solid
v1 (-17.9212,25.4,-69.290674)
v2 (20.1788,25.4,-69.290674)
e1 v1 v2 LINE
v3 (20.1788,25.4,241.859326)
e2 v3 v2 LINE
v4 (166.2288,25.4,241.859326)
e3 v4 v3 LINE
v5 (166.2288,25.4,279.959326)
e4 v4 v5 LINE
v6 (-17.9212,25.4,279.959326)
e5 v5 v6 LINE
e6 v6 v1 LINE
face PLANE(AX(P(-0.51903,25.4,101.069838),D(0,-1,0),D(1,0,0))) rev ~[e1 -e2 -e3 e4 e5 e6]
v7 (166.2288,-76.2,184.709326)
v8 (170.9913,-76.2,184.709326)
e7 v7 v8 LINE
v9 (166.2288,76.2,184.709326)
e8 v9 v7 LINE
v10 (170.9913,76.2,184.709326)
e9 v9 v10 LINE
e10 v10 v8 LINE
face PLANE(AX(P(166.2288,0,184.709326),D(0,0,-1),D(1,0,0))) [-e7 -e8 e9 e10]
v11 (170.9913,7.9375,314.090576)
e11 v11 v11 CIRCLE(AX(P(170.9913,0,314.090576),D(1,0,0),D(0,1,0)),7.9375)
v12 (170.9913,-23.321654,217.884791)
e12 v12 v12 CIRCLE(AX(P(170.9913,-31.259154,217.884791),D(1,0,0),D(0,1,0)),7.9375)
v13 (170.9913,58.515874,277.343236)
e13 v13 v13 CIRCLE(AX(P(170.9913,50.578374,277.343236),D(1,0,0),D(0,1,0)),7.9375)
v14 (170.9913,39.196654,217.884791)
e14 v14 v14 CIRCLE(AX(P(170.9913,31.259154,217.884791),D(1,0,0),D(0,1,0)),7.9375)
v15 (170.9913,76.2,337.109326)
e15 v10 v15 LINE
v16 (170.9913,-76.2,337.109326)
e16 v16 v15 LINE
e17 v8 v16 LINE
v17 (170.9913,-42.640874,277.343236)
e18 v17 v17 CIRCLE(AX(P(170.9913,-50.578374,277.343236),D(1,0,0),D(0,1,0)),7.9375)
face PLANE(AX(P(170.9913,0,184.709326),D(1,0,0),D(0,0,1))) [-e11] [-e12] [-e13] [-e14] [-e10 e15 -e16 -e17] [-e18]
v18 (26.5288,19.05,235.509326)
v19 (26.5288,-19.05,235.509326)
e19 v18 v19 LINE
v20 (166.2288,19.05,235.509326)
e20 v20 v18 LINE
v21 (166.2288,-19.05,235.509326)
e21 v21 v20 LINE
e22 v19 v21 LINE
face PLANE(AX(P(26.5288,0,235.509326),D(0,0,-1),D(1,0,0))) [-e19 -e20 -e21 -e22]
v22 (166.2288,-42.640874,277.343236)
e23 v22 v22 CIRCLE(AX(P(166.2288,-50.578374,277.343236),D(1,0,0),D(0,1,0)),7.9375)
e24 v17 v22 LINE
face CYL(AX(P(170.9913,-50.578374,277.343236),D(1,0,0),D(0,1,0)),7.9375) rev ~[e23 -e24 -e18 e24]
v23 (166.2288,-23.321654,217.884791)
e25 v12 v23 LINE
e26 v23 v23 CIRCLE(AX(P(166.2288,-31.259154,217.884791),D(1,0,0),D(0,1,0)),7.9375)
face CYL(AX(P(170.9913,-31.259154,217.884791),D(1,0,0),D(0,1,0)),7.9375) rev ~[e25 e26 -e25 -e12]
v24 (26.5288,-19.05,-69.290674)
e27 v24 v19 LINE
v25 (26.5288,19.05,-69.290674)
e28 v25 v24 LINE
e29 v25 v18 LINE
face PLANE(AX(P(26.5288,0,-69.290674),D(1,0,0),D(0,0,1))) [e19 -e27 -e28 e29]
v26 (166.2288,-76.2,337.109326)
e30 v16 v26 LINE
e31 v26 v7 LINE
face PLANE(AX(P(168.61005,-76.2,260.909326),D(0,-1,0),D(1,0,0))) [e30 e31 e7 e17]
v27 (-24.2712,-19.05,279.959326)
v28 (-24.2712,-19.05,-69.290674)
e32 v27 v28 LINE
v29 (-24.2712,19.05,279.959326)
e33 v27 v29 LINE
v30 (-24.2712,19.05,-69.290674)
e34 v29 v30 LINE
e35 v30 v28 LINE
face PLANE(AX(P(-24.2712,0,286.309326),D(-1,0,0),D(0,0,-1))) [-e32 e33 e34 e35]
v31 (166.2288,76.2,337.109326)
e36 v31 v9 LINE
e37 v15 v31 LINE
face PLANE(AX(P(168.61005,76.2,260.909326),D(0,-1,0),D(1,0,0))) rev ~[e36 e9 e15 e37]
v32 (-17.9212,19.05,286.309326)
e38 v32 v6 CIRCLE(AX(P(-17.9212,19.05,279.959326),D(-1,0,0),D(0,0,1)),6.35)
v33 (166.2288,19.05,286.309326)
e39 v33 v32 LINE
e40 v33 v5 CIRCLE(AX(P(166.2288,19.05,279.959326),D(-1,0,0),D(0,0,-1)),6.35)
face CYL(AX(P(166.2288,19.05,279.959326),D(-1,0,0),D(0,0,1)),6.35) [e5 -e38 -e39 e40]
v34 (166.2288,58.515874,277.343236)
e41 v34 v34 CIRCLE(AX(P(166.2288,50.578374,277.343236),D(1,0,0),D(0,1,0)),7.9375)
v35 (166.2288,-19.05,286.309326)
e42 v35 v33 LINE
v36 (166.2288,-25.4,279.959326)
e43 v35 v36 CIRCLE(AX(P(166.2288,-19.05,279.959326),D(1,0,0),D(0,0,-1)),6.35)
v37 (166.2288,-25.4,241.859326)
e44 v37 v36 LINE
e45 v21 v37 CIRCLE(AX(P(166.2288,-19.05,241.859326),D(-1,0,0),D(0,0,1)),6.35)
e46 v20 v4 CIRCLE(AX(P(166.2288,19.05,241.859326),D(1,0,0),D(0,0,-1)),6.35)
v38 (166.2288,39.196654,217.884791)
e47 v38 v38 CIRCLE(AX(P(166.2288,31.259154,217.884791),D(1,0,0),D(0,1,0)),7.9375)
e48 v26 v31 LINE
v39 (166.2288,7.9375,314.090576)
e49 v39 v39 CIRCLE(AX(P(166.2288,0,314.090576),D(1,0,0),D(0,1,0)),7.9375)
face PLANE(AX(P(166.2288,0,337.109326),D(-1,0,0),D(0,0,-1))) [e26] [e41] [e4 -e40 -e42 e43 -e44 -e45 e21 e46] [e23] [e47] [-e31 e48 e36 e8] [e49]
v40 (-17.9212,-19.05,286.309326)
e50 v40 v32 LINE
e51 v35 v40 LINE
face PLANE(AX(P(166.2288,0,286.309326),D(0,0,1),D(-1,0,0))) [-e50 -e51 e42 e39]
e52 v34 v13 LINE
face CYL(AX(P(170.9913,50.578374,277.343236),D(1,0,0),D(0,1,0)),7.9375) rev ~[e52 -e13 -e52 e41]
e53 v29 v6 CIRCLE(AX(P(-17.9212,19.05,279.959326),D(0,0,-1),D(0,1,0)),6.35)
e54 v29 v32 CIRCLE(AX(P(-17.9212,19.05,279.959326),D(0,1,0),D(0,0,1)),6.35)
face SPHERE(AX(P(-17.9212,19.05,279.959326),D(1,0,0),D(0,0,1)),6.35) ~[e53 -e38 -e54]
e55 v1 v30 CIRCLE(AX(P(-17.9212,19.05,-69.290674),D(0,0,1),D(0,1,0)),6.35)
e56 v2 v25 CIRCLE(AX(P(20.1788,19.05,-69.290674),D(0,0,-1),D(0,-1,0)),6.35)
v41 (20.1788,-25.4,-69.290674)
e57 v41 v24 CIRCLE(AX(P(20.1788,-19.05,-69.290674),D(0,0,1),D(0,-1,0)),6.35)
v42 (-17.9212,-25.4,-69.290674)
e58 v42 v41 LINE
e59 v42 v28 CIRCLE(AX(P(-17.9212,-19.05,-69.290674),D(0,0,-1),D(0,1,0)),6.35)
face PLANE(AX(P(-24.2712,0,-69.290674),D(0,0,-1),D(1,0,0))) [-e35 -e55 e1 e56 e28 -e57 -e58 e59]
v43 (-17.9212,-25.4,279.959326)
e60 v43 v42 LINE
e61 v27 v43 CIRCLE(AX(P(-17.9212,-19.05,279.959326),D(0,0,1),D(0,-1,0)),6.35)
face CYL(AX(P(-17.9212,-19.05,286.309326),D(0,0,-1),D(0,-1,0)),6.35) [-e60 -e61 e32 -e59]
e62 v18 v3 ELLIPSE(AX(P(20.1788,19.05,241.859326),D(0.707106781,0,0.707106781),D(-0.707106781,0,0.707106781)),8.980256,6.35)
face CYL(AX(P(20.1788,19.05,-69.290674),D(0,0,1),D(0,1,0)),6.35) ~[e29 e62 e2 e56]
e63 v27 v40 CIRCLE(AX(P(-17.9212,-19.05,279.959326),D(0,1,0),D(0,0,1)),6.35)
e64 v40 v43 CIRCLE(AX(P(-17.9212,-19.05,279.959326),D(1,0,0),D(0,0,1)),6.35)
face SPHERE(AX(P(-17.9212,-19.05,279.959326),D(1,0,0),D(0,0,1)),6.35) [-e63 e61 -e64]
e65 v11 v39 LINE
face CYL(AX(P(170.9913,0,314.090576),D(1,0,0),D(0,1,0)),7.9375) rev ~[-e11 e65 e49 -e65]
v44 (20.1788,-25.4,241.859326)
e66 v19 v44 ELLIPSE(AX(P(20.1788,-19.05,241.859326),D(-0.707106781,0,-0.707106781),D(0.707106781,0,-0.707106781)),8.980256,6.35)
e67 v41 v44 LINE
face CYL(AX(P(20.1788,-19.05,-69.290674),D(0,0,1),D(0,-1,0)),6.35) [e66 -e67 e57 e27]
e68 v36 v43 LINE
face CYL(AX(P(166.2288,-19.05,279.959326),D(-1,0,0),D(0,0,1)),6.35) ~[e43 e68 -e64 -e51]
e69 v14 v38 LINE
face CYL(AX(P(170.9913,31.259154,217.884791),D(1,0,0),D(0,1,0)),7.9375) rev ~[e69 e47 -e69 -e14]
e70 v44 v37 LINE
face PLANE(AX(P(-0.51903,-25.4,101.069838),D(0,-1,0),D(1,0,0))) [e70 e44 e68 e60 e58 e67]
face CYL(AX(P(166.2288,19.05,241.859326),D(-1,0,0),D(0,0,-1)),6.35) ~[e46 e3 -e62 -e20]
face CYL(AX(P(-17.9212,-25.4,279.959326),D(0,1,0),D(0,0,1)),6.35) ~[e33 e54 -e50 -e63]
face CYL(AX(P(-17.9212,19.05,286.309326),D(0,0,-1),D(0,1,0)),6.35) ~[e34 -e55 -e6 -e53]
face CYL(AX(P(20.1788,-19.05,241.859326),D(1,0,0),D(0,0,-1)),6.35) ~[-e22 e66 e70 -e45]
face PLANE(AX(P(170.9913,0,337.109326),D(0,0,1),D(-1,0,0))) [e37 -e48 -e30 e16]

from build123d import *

# Parameters (mm, degrees)
F1_DEPTH = 25.4
F2_DEPTH = 76.2
F4_R     = 7.9375
F5_DEPTH = 12.7
F6_R     = 6.35
F7_R     = 6.35


with BuildPart() as f1:
    # F0 (on Front) → F1 (new body, symmetric)
    with BuildSketch(Plane.XZ):
        Polygon((26.5287997477, 235.5093256942), (-24.2712002523, 286.3093256942), (-24.2712002523, 235.5093256942), (-24.2712002523, -69.2906743058), (26.5287997477, -69.2906743058), align=None)
        Polygon((26.5287997477, 286.3093256942), (-24.2712002523, 286.3093256942), (26.5287997477, 235.5093256942), (166.2287997477, 235.5093256942), (166.2287997477, 286.3093256942), align=None)
    extrude(amount=F1_DEPTH, both=True)

    # F0 (on Front) → F2 (join, symmetric)
    with BuildSketch(Plane.XZ):
        Polygon((166.2287997477, 337.1093256942), (166.2287997477, 286.3093256942), (166.2287997477, 235.5093256942), (166.2287997477, 184.7093256942), (170.9912997477, 184.7093256942), (170.9912997477, 337.1093256942), align=None)
    extrude(amount=F2_DEPTH, both=True)

    # F4 (on offset) → F5 (cut, symmetric)
    with BuildSketch(Plane.YZ.offset(170.9912997477)):
        with Locations((0, 314.0905756942)):
            Circle(F4_R)
        with Locations((-50.5783743572, 277.3432357263)):
            Circle(F4_R)
        with Locations((-31.2591544485, 217.8847906621)):
            Circle(F4_R)
        with Locations((31.2591544485, 217.8847906621)):
            Circle(F4_R)
        with Locations((50.5783743572, 277.3432357263)):
            Circle(F4_R)
    extrude(amount=F5_DEPTH, both=True, mode=Mode.SUBTRACT)

    # F6
    f6_edges = [f1.edges().sort_by_distance(p)[0] for p in [
        (70.9788, -25.4, 286.309326),
        (70.9788, 25.4, 286.309326),
        (-24.2712, 0, 286.309326),
        (-24.2712, -25.4, 108.509326),
        (26.5288, -25.4, 83.109326),
        (26.5288, 25.4, 83.109326),
        (-24.2712, 25.4, 108.509326),
    ]]
    fillet(f6_edges, radius=F6_R)

    # F7
    f7_edges = [f1.edges().sort_by_distance(p)[0] for p in [
        (96.3788, -25.4, 235.509326),
        (96.3788, 25.4, 235.509326),
    ]]
    fillet(f7_edges, radius=F7_R)


solid = f1.part
